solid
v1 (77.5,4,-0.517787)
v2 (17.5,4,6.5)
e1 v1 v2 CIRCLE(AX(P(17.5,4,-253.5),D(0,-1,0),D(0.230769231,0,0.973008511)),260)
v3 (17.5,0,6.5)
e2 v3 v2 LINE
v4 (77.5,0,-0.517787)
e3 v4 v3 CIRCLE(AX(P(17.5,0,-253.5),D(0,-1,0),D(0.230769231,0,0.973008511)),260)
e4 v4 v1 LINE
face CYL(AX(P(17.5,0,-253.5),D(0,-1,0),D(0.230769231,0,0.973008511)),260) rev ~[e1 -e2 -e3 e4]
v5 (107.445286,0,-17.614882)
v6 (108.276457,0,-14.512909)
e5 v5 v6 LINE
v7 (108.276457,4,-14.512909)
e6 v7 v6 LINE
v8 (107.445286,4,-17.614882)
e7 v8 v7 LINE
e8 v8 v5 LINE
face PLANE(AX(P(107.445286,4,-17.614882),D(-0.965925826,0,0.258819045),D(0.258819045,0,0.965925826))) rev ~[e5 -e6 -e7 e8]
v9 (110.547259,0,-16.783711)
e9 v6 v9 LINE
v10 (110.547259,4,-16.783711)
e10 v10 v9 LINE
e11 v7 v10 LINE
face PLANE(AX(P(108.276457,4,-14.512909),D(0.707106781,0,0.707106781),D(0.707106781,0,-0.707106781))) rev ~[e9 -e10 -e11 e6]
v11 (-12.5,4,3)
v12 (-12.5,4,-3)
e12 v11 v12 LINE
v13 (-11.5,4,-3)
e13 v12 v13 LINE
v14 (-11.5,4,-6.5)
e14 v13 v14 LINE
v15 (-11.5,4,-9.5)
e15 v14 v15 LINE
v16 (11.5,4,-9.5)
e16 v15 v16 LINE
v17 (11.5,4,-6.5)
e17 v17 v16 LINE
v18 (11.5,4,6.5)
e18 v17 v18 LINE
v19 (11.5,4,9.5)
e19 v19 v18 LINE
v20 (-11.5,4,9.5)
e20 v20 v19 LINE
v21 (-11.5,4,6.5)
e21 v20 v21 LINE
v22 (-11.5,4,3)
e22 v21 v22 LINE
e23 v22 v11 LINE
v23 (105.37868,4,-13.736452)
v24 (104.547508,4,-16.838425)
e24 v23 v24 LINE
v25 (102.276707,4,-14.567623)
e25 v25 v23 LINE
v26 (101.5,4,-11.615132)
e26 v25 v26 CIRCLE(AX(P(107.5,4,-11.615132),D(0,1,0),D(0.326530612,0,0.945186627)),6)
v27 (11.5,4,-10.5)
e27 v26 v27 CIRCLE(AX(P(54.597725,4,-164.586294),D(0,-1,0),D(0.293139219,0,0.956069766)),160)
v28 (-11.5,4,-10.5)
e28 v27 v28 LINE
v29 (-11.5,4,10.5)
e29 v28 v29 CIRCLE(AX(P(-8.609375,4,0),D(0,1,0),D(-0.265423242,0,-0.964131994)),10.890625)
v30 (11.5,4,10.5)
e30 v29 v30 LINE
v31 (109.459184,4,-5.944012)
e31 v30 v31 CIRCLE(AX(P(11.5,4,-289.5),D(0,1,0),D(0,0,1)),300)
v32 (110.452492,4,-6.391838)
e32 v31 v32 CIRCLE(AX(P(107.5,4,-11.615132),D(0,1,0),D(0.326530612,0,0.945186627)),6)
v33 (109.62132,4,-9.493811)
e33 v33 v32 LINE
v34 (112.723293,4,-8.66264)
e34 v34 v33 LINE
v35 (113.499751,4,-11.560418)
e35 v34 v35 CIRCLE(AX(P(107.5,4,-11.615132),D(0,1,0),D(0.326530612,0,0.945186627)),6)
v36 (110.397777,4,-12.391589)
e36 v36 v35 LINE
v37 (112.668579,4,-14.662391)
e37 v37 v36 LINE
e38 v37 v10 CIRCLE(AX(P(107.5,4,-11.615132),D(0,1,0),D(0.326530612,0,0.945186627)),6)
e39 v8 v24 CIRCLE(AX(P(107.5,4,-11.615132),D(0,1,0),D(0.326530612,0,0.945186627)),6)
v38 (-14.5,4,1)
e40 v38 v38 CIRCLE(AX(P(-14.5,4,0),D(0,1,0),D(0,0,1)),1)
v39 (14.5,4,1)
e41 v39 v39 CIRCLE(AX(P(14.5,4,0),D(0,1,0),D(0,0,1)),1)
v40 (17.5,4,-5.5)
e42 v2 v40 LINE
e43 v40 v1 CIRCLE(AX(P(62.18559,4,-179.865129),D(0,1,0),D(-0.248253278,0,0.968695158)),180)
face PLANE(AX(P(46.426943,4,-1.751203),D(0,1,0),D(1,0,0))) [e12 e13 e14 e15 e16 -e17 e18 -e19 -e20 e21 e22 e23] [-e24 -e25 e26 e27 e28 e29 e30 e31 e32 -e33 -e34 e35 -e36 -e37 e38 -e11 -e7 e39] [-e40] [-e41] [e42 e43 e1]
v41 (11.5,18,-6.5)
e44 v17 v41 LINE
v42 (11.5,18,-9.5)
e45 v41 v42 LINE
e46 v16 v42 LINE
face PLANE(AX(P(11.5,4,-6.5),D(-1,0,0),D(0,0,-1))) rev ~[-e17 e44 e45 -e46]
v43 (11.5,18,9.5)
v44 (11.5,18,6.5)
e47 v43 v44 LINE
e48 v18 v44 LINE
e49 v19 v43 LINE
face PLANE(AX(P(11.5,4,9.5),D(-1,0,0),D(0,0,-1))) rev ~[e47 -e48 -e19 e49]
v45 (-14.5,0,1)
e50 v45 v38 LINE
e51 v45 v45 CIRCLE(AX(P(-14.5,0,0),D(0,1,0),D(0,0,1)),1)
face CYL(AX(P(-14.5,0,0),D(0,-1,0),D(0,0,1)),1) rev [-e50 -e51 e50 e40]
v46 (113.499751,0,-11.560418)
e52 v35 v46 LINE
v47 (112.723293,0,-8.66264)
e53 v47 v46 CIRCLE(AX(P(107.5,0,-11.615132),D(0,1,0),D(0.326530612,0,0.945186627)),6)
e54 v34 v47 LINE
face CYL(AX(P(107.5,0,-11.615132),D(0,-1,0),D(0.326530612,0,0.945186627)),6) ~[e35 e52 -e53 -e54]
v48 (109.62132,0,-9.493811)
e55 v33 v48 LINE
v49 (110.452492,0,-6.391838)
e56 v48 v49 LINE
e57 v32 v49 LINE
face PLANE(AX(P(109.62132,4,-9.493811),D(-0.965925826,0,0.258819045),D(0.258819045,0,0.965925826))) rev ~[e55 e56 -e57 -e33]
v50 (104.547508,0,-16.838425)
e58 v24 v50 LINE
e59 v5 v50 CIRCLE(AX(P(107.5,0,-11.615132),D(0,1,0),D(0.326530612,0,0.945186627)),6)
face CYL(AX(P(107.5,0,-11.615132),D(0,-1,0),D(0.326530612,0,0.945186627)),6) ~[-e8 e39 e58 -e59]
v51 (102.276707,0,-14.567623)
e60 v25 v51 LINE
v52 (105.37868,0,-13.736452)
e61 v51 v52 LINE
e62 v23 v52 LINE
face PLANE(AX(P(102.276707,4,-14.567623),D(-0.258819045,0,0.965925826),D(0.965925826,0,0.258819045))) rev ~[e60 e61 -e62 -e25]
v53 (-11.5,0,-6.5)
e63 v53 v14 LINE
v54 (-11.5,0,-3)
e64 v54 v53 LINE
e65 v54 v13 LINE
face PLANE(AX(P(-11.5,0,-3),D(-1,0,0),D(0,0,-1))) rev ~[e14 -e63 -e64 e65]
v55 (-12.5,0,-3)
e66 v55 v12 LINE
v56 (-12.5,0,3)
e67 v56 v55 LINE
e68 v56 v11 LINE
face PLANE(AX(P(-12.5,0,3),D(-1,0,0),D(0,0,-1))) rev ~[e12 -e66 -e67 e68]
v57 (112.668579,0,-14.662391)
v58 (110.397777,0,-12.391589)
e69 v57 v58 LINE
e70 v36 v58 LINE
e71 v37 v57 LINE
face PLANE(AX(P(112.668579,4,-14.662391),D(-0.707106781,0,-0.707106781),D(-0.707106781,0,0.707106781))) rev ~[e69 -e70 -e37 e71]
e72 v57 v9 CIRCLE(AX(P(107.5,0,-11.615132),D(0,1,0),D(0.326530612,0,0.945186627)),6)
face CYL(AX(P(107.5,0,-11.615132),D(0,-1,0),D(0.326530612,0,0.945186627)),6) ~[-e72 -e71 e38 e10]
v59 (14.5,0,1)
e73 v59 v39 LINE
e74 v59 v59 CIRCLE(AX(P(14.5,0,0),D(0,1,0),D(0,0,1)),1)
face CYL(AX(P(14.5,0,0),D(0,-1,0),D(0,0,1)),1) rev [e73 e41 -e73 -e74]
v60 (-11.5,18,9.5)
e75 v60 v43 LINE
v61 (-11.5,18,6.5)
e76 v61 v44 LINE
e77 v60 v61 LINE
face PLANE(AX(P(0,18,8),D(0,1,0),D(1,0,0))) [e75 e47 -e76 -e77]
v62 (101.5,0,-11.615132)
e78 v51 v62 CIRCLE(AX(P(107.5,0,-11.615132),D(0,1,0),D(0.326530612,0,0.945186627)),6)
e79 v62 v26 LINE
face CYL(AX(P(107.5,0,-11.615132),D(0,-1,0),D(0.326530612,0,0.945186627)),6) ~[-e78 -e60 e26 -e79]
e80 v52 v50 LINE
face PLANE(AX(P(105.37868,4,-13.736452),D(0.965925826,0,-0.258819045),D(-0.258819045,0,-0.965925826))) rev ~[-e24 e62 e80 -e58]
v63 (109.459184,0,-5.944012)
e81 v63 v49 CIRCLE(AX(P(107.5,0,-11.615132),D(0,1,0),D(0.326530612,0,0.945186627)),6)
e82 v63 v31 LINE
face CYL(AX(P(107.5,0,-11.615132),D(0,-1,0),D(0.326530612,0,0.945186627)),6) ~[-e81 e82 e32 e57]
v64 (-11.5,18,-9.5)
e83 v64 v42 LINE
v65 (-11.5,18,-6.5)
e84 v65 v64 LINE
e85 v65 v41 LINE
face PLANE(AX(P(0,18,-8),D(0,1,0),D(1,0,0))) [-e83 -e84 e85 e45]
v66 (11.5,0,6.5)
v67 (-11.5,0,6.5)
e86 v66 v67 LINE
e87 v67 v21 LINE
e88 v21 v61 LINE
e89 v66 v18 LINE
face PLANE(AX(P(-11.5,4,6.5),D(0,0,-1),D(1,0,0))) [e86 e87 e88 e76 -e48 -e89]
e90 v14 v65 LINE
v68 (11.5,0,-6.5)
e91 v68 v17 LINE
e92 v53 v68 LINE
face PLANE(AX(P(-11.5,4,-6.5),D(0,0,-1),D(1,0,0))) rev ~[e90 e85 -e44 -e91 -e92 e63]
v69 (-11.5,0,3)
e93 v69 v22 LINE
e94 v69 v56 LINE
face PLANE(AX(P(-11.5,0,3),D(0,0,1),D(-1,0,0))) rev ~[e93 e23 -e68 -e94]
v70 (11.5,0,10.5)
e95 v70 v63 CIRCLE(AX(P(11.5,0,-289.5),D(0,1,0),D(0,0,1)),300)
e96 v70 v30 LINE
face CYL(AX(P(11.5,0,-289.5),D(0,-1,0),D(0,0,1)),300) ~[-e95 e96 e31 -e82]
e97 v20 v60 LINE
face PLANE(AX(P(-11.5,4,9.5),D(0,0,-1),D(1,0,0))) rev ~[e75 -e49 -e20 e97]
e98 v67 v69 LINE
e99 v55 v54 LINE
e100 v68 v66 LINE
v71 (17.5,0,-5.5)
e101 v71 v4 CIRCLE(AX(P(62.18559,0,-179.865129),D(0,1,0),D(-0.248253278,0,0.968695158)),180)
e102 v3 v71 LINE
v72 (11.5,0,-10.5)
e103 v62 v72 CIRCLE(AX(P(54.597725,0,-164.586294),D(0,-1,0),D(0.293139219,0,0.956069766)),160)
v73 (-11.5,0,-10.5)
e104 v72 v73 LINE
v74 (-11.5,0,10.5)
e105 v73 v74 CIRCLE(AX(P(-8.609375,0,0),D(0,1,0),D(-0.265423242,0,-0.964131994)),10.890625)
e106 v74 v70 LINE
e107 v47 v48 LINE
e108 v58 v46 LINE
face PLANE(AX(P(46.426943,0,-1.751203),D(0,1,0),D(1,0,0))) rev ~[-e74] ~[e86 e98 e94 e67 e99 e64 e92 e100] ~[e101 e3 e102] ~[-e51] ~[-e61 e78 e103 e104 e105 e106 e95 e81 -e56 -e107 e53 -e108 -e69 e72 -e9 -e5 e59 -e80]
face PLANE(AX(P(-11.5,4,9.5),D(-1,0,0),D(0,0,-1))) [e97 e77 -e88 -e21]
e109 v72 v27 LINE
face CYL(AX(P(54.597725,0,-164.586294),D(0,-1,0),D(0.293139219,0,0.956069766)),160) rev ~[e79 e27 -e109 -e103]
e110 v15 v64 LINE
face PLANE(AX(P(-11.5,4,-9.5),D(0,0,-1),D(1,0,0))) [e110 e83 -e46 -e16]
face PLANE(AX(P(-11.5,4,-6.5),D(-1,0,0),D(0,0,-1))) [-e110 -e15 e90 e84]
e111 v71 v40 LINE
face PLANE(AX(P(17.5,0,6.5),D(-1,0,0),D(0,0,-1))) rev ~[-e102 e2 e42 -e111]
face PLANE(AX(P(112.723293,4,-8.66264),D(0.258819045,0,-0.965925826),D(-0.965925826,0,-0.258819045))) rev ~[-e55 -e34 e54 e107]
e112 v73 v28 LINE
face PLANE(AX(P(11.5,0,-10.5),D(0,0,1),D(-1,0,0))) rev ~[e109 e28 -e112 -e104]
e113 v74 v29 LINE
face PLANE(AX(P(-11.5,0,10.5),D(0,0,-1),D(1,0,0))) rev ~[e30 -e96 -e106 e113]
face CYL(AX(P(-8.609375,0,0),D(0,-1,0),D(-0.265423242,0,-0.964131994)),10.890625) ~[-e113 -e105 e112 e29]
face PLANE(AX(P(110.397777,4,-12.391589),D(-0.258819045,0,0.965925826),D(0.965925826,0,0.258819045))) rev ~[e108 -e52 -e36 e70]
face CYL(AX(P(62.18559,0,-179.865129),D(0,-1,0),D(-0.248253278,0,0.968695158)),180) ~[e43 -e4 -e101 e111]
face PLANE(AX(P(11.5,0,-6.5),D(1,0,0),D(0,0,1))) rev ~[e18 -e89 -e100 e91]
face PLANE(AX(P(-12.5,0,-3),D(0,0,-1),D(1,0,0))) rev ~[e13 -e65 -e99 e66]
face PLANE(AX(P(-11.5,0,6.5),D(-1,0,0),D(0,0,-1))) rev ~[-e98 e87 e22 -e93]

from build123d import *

# Parameters (mm, degrees)
SKETCH1_R           = 1
BOSS_EXTRUDE1_DEPTH = 4
SKETCH2_W           = 23
SKETCH2_H           = 3
BOSS_EXTRUDE2_DEPTH = 14
CUT_EXTRUDE1_DEPTH  = 116.708871167


with BuildPart() as part:
    # Sketch1 → Boss-Extrude1 (new body)
    with BuildSketch(Plane(origin=(0, 0, 0), x_dir=(1, 0, 0), z_dir=(0, 1, 0))):
        with BuildLine():
            ThreePointArc((-11.5, 10.5), (-19.5, 0), (-11.5, -10.5))
            Line((-11.5, -10.5), (11.5, -10.5))
            ThreePointArc((11.5, -10.5), (61.164895038, -6.360437032), (109.459183673, 5.944011994))
            ThreePointArc((109.459183673, 5.944011994), (110.981730745, 16.501597862), (101.5, 11.615131754))
            ThreePointArc((101.5, 11.615131754), (56.580029181, 4.598574614), (11.5, 10.5))
            Line((11.5, 10.5), (-11.5, 10.5))
        make_face()
        with Locations(Location((-14.5, 0, 0), (0, 0, 270))):
            Circle(SKETCH1_R, mode=Mode.SUBTRACT)
        Polygon((11.5, -6.5), (-11.5, -6.5), (-11.5, -3), (-12.5, -3), (-12.5, 3), (-11.5, 3), (-11.5, 6.5), (11.5, 6.5), align=None, mode=Mode.SUBTRACT)
        with Locations(Location((14.5, 0, 0), (0, 0, 270))):
            Circle(SKETCH1_R, mode=Mode.SUBTRACT)
        with BuildLine():
            Line((17.5, -6.5), (17.5, 5.5))
            ThreePointArc((17.5, 5.5), (47.290216061, 0.482498836), (77.5, 0.517787187))
            ThreePointArc((77.5, 0.517787187), (47.704508509, -4.739593528), (17.5, -6.5))
        make_face(mode=Mode.SUBTRACT)
    extrude(amount=BOSS_EXTRUDE1_DEPTH)

    # Sketch2 → Boss-Extrude2 (add)
    with BuildSketch(Plane(origin=(0, 4, 0), x_dir=(1, 0, 0), z_dir=(0, 1, 0))):
        with Locations((0, -8)):
            Rectangle(SKETCH2_W, SKETCH2_H)
        with Locations((0, 8)):
            Rectangle(SKETCH2_W, SKETCH2_H)
    extrude(amount=BOSS_EXTRUDE2_DEPTH)

    # Sketch3 → Cut-Extrude1 (cut, through all)
    with BuildSketch(Plane(origin=(0, 4, 0), x_dir=(1, 0, 0), z_dir=(0, 1, 0))):
        with BuildLine():
            Line((102.276706609, 14.567623271), (105.378679656, 13.736452098))
            Line((105.378679656, 13.736452098), (104.547508484, 16.838425145))
            ThreePointArc((104.547508484, 16.838425145), (103.257359313, 15.857772441), (102.276706609, 14.567623271))
        make_face()
        with BuildLine():
            ThreePointArc((110.54725901, 16.783711107), (109.052914271, 17.410686712), (107.445285962, 17.61488228))
            Line((107.445285962, 17.61488228), (108.276457135, 14.512909233))
            Line((108.276457135, 14.512909233), (110.54725901, 16.783711107))
        make_face()
        with BuildLine():
            ThreePointArc((113.499750526, 11.560417717), (113.295554958, 13.168046025), (112.668579353, 14.662390764))
            Line((112.668579353, 14.662390764), (110.397777479, 12.391588889))
            Line((110.397777479, 12.391588889), (113.499750526, 11.560417717))
        make_face()
        with BuildLine():
            ThreePointArc((110.452491516, 6.391838363), (111.742640687, 7.372491067), (112.723293391, 8.662640238))
            Line((112.723293391, 8.662640238), (109.621320344, 9.493811411))
            Line((109.621320344, 9.493811411), (110.452491516, 6.391838363))
        make_face()
    extrude(amount=-CUT_EXTRUDE1_DEPTH, mode=Mode.SUBTRACT)


solid = part.part
